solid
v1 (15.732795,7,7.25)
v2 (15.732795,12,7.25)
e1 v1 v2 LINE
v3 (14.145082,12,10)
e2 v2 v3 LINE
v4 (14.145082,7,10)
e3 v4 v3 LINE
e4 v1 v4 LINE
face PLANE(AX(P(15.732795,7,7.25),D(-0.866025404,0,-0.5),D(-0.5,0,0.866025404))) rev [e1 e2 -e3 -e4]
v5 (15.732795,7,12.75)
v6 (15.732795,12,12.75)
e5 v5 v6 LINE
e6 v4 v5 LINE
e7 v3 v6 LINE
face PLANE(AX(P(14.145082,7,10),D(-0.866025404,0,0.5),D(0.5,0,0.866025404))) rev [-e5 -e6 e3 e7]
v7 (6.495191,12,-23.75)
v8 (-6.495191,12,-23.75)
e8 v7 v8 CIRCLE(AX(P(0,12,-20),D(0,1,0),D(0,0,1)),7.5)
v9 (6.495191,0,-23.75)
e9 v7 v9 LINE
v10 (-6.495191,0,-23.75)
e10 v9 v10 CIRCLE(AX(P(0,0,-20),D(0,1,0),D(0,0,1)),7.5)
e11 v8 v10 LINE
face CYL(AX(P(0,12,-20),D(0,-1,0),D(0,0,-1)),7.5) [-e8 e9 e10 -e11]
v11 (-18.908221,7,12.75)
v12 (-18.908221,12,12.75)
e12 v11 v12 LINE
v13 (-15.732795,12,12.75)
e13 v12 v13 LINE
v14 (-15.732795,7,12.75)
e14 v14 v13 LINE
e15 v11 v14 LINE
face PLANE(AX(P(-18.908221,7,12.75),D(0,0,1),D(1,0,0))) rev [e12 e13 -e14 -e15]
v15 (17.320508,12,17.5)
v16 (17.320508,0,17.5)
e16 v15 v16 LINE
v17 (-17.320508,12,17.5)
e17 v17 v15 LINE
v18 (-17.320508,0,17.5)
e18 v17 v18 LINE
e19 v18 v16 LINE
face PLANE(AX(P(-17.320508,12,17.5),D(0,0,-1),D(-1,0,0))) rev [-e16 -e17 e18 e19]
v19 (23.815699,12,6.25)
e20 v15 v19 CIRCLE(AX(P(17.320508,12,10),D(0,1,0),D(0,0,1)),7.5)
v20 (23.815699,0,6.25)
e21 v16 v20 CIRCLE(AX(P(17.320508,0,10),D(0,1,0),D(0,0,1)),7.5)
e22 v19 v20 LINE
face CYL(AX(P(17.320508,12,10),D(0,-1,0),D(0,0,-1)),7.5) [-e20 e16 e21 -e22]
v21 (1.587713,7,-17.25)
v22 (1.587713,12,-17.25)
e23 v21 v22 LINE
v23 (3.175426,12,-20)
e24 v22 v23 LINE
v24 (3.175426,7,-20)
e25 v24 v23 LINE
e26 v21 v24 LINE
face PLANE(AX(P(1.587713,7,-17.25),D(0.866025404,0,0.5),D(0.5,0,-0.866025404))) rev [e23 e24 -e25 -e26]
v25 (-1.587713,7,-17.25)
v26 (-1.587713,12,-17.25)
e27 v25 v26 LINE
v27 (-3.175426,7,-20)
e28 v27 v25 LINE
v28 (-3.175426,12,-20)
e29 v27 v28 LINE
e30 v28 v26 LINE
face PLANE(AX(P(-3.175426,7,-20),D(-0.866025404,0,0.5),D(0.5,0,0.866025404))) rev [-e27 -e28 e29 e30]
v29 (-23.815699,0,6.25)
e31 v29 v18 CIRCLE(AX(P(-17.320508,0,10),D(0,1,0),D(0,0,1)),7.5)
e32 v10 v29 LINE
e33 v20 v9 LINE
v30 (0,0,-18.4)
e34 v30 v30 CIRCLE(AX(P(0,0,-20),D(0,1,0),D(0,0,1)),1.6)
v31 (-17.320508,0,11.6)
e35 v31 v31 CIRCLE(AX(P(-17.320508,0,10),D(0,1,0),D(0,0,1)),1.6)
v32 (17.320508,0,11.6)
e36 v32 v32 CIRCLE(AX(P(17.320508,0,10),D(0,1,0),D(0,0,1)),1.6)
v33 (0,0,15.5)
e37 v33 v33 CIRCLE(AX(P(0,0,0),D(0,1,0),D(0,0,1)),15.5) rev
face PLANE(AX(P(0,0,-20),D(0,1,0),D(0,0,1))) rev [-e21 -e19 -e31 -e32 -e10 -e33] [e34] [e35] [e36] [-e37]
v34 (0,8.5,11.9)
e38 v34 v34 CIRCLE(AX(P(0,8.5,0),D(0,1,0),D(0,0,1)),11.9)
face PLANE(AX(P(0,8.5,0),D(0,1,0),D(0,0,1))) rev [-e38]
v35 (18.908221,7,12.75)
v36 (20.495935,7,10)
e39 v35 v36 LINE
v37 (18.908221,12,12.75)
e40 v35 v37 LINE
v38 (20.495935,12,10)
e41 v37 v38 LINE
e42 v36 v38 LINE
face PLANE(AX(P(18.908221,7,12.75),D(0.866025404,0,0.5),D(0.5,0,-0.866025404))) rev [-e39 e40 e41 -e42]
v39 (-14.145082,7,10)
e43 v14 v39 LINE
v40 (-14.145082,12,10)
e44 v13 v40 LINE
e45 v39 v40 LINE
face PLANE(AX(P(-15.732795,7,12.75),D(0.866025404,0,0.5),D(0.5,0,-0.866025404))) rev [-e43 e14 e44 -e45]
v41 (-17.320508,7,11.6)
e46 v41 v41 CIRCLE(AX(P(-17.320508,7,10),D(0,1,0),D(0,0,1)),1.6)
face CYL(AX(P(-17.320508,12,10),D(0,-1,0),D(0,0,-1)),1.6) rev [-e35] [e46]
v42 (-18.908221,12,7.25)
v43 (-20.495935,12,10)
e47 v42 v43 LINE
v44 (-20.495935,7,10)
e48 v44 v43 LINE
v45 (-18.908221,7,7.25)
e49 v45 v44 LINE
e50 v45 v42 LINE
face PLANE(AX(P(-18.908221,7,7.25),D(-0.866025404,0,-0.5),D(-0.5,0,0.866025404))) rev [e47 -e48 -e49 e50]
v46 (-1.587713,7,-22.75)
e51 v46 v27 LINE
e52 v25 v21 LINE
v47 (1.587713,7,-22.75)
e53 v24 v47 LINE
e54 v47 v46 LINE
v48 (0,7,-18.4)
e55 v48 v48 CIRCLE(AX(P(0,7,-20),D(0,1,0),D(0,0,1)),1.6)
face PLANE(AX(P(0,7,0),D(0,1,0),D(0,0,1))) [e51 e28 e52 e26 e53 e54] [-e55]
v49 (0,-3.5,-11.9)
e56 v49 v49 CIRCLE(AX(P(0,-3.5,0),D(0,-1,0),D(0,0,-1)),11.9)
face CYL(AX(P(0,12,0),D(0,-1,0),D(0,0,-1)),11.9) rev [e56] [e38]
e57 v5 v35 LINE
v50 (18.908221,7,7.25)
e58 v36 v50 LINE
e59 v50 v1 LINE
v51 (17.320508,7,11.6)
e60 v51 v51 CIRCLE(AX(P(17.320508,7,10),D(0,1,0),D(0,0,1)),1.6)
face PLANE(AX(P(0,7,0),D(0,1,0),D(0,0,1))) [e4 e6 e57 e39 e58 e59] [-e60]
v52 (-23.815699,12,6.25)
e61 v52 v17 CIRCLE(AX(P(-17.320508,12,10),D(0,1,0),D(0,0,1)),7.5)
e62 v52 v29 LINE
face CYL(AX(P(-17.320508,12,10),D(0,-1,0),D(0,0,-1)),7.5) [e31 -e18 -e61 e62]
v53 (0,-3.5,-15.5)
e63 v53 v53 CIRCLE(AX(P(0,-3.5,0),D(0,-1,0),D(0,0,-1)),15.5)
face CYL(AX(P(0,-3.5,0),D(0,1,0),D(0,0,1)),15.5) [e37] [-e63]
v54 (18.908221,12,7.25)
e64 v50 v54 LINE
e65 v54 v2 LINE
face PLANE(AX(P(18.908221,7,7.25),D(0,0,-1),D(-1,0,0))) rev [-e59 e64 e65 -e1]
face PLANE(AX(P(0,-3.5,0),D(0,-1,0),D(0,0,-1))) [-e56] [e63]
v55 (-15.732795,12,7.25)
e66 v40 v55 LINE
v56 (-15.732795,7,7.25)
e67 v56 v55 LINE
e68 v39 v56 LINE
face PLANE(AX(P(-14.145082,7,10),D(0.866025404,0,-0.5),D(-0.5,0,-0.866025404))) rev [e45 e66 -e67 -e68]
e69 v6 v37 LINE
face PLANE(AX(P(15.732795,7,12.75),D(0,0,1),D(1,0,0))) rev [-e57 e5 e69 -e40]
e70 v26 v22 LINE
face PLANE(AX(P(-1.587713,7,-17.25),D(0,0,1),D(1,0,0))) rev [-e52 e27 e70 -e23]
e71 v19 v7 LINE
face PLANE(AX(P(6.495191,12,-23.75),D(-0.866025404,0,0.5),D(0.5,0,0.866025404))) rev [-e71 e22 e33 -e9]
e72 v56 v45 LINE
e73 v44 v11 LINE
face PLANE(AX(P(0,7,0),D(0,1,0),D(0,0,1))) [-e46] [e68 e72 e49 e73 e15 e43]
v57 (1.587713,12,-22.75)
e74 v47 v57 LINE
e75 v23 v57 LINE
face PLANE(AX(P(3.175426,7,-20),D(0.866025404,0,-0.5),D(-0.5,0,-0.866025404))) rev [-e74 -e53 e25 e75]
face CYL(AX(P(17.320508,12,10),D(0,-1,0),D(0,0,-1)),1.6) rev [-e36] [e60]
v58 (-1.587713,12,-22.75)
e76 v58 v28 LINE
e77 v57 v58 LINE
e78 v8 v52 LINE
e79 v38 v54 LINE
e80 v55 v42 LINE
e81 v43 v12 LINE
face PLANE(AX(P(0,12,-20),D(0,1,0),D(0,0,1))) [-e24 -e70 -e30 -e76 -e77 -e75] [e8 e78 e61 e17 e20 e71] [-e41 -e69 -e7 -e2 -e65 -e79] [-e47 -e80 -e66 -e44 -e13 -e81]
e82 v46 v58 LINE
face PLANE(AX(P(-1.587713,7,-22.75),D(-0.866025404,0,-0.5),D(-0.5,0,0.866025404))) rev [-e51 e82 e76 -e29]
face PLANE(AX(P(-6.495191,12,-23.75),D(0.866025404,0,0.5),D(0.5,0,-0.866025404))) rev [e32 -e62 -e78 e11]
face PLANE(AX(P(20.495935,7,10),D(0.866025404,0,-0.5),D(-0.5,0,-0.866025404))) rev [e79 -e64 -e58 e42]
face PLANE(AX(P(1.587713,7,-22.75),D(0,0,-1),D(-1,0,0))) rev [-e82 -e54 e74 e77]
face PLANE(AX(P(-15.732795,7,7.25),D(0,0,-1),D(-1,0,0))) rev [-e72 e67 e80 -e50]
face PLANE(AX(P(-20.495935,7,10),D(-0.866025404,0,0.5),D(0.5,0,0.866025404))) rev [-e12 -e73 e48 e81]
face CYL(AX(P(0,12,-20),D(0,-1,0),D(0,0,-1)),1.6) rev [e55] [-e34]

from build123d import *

# Parameters (mm, degrees)
ESQUISSE1_R             = 11.9
ESQUISSE1_R_2           = 1.6
BOSS_EXTRU_1_DEPTH      = 12
ENL_V_MAT_EXTRU_1_DEPTH = 5
BOSS_EXTRUDE1_START     = -3.5
SKETCH1_R               = 11.9
BOSS_EXTRUDE1_DEPTH     = 3.5
BOSS_EXTRUDE2_START     = 3.5
SKETCH2_R               = 15.5
SKETCH2_R_2             = 11.9
BOSS_EXTRUDE2_DEPTH     = 3.5


with BuildPart() as part:
    # Esquisse1 → Boss.-Extru.1 (new body)
    with BuildSketch(Plane(origin=(0, 0, 0), x_dir=(1, 0, 0), z_dir=(0, 1, 0))):
        with BuildLine():
            Line((-6.495190528, 23.75), (-23.815698604, -6.25))
            ThreePointArc((-23.815698604, -6.25), (-23.815698604, -13.75), (-17.320508076, -17.5))
            Line((-17.320508076, -17.5), (17.320508076, -17.5))
            ThreePointArc((17.320508076, -17.5), (23.815698604, -13.75), (23.815698604, -6.25))
            Line((23.815698604, -6.25), (6.495190528, 23.75))
            ThreePointArc((6.495190528, 23.75), (0, 27.5), (-6.495190528, 23.75))
        make_face()
        with Locations(Location((0, 0, 0), (0, 0, 270))):
            Circle(ESQUISSE1_R, mode=Mode.SUBTRACT)
        with Locations(Location((-17.320508076, -10, 0), (0, 0, 270))):
            Circle(ESQUISSE1_R_2, mode=Mode.SUBTRACT)
        with Locations(Location((0, 20, 0), (0, 0, 270))):
            Circle(ESQUISSE1_R_2, mode=Mode.SUBTRACT)
        with Locations(Location((17.320508076, -10, 0), (0, 0, 270))):
            Circle(ESQUISSE1_R_2, mode=Mode.SUBTRACT)
    extrude(amount=BOSS_EXTRU_1_DEPTH)

    # Esquisse2 → Enlèv. mat.-Extru.1 (cut)
    with BuildSketch(Plane(origin=(0, 12, 0), x_dir=(1, 0, 0), z_dir=(0, 1, 0))):
        Polygon((-18.908221316, -7.25), (-20.495934556, -10), (-18.908221316, -12.75), (-15.732794835, -12.75), (-14.145081595, -10), (-15.732794835, -7.25), align=None)
        Polygon((-1.58771324, 22.75), (-3.175426481, 20), (-1.58771324, 17.25), (1.58771324, 17.25), (3.175426481, 20), (1.58771324, 22.75), align=None)
        Polygon((18.908221316, -7.25), (15.732794835, -7.25), (14.145081595, -10), (15.732794835, -12.75), (18.908221316, -12.75), (20.495934556, -10), align=None)
    extrude(amount=-ENL_V_MAT_EXTRU_1_DEPTH, mode=Mode.SUBTRACT)

    # Sketch1 → Boss-Extrude1 (add)
    with BuildSketch(Plane(origin=(0, 12, 0), x_dir=(1, 0, 0), z_dir=(0, 1, 0)).offset(BOSS_EXTRUDE1_START)):
        with Locations(Location((0, 0, 0), (0, 0, 270))):
            Circle(SKETCH1_R)
    extrude(amount=BOSS_EXTRUDE1_DEPTH)

    # Sketch2 → Boss-Extrude2 (add)
    with BuildSketch(Plane.XZ.offset(BOSS_EXTRUDE2_START)):
        with Locations(Location((0, 0, 0), (0, 0, 90))):
            Circle(SKETCH2_R)
        with Locations(Location((0, 0, 0), (0, 0, 270))):
            Circle(SKETCH2_R_2, mode=Mode.SUBTRACT)
    extrude(amount=-BOSS_EXTRUDE2_DEPTH)


solid = part.part
